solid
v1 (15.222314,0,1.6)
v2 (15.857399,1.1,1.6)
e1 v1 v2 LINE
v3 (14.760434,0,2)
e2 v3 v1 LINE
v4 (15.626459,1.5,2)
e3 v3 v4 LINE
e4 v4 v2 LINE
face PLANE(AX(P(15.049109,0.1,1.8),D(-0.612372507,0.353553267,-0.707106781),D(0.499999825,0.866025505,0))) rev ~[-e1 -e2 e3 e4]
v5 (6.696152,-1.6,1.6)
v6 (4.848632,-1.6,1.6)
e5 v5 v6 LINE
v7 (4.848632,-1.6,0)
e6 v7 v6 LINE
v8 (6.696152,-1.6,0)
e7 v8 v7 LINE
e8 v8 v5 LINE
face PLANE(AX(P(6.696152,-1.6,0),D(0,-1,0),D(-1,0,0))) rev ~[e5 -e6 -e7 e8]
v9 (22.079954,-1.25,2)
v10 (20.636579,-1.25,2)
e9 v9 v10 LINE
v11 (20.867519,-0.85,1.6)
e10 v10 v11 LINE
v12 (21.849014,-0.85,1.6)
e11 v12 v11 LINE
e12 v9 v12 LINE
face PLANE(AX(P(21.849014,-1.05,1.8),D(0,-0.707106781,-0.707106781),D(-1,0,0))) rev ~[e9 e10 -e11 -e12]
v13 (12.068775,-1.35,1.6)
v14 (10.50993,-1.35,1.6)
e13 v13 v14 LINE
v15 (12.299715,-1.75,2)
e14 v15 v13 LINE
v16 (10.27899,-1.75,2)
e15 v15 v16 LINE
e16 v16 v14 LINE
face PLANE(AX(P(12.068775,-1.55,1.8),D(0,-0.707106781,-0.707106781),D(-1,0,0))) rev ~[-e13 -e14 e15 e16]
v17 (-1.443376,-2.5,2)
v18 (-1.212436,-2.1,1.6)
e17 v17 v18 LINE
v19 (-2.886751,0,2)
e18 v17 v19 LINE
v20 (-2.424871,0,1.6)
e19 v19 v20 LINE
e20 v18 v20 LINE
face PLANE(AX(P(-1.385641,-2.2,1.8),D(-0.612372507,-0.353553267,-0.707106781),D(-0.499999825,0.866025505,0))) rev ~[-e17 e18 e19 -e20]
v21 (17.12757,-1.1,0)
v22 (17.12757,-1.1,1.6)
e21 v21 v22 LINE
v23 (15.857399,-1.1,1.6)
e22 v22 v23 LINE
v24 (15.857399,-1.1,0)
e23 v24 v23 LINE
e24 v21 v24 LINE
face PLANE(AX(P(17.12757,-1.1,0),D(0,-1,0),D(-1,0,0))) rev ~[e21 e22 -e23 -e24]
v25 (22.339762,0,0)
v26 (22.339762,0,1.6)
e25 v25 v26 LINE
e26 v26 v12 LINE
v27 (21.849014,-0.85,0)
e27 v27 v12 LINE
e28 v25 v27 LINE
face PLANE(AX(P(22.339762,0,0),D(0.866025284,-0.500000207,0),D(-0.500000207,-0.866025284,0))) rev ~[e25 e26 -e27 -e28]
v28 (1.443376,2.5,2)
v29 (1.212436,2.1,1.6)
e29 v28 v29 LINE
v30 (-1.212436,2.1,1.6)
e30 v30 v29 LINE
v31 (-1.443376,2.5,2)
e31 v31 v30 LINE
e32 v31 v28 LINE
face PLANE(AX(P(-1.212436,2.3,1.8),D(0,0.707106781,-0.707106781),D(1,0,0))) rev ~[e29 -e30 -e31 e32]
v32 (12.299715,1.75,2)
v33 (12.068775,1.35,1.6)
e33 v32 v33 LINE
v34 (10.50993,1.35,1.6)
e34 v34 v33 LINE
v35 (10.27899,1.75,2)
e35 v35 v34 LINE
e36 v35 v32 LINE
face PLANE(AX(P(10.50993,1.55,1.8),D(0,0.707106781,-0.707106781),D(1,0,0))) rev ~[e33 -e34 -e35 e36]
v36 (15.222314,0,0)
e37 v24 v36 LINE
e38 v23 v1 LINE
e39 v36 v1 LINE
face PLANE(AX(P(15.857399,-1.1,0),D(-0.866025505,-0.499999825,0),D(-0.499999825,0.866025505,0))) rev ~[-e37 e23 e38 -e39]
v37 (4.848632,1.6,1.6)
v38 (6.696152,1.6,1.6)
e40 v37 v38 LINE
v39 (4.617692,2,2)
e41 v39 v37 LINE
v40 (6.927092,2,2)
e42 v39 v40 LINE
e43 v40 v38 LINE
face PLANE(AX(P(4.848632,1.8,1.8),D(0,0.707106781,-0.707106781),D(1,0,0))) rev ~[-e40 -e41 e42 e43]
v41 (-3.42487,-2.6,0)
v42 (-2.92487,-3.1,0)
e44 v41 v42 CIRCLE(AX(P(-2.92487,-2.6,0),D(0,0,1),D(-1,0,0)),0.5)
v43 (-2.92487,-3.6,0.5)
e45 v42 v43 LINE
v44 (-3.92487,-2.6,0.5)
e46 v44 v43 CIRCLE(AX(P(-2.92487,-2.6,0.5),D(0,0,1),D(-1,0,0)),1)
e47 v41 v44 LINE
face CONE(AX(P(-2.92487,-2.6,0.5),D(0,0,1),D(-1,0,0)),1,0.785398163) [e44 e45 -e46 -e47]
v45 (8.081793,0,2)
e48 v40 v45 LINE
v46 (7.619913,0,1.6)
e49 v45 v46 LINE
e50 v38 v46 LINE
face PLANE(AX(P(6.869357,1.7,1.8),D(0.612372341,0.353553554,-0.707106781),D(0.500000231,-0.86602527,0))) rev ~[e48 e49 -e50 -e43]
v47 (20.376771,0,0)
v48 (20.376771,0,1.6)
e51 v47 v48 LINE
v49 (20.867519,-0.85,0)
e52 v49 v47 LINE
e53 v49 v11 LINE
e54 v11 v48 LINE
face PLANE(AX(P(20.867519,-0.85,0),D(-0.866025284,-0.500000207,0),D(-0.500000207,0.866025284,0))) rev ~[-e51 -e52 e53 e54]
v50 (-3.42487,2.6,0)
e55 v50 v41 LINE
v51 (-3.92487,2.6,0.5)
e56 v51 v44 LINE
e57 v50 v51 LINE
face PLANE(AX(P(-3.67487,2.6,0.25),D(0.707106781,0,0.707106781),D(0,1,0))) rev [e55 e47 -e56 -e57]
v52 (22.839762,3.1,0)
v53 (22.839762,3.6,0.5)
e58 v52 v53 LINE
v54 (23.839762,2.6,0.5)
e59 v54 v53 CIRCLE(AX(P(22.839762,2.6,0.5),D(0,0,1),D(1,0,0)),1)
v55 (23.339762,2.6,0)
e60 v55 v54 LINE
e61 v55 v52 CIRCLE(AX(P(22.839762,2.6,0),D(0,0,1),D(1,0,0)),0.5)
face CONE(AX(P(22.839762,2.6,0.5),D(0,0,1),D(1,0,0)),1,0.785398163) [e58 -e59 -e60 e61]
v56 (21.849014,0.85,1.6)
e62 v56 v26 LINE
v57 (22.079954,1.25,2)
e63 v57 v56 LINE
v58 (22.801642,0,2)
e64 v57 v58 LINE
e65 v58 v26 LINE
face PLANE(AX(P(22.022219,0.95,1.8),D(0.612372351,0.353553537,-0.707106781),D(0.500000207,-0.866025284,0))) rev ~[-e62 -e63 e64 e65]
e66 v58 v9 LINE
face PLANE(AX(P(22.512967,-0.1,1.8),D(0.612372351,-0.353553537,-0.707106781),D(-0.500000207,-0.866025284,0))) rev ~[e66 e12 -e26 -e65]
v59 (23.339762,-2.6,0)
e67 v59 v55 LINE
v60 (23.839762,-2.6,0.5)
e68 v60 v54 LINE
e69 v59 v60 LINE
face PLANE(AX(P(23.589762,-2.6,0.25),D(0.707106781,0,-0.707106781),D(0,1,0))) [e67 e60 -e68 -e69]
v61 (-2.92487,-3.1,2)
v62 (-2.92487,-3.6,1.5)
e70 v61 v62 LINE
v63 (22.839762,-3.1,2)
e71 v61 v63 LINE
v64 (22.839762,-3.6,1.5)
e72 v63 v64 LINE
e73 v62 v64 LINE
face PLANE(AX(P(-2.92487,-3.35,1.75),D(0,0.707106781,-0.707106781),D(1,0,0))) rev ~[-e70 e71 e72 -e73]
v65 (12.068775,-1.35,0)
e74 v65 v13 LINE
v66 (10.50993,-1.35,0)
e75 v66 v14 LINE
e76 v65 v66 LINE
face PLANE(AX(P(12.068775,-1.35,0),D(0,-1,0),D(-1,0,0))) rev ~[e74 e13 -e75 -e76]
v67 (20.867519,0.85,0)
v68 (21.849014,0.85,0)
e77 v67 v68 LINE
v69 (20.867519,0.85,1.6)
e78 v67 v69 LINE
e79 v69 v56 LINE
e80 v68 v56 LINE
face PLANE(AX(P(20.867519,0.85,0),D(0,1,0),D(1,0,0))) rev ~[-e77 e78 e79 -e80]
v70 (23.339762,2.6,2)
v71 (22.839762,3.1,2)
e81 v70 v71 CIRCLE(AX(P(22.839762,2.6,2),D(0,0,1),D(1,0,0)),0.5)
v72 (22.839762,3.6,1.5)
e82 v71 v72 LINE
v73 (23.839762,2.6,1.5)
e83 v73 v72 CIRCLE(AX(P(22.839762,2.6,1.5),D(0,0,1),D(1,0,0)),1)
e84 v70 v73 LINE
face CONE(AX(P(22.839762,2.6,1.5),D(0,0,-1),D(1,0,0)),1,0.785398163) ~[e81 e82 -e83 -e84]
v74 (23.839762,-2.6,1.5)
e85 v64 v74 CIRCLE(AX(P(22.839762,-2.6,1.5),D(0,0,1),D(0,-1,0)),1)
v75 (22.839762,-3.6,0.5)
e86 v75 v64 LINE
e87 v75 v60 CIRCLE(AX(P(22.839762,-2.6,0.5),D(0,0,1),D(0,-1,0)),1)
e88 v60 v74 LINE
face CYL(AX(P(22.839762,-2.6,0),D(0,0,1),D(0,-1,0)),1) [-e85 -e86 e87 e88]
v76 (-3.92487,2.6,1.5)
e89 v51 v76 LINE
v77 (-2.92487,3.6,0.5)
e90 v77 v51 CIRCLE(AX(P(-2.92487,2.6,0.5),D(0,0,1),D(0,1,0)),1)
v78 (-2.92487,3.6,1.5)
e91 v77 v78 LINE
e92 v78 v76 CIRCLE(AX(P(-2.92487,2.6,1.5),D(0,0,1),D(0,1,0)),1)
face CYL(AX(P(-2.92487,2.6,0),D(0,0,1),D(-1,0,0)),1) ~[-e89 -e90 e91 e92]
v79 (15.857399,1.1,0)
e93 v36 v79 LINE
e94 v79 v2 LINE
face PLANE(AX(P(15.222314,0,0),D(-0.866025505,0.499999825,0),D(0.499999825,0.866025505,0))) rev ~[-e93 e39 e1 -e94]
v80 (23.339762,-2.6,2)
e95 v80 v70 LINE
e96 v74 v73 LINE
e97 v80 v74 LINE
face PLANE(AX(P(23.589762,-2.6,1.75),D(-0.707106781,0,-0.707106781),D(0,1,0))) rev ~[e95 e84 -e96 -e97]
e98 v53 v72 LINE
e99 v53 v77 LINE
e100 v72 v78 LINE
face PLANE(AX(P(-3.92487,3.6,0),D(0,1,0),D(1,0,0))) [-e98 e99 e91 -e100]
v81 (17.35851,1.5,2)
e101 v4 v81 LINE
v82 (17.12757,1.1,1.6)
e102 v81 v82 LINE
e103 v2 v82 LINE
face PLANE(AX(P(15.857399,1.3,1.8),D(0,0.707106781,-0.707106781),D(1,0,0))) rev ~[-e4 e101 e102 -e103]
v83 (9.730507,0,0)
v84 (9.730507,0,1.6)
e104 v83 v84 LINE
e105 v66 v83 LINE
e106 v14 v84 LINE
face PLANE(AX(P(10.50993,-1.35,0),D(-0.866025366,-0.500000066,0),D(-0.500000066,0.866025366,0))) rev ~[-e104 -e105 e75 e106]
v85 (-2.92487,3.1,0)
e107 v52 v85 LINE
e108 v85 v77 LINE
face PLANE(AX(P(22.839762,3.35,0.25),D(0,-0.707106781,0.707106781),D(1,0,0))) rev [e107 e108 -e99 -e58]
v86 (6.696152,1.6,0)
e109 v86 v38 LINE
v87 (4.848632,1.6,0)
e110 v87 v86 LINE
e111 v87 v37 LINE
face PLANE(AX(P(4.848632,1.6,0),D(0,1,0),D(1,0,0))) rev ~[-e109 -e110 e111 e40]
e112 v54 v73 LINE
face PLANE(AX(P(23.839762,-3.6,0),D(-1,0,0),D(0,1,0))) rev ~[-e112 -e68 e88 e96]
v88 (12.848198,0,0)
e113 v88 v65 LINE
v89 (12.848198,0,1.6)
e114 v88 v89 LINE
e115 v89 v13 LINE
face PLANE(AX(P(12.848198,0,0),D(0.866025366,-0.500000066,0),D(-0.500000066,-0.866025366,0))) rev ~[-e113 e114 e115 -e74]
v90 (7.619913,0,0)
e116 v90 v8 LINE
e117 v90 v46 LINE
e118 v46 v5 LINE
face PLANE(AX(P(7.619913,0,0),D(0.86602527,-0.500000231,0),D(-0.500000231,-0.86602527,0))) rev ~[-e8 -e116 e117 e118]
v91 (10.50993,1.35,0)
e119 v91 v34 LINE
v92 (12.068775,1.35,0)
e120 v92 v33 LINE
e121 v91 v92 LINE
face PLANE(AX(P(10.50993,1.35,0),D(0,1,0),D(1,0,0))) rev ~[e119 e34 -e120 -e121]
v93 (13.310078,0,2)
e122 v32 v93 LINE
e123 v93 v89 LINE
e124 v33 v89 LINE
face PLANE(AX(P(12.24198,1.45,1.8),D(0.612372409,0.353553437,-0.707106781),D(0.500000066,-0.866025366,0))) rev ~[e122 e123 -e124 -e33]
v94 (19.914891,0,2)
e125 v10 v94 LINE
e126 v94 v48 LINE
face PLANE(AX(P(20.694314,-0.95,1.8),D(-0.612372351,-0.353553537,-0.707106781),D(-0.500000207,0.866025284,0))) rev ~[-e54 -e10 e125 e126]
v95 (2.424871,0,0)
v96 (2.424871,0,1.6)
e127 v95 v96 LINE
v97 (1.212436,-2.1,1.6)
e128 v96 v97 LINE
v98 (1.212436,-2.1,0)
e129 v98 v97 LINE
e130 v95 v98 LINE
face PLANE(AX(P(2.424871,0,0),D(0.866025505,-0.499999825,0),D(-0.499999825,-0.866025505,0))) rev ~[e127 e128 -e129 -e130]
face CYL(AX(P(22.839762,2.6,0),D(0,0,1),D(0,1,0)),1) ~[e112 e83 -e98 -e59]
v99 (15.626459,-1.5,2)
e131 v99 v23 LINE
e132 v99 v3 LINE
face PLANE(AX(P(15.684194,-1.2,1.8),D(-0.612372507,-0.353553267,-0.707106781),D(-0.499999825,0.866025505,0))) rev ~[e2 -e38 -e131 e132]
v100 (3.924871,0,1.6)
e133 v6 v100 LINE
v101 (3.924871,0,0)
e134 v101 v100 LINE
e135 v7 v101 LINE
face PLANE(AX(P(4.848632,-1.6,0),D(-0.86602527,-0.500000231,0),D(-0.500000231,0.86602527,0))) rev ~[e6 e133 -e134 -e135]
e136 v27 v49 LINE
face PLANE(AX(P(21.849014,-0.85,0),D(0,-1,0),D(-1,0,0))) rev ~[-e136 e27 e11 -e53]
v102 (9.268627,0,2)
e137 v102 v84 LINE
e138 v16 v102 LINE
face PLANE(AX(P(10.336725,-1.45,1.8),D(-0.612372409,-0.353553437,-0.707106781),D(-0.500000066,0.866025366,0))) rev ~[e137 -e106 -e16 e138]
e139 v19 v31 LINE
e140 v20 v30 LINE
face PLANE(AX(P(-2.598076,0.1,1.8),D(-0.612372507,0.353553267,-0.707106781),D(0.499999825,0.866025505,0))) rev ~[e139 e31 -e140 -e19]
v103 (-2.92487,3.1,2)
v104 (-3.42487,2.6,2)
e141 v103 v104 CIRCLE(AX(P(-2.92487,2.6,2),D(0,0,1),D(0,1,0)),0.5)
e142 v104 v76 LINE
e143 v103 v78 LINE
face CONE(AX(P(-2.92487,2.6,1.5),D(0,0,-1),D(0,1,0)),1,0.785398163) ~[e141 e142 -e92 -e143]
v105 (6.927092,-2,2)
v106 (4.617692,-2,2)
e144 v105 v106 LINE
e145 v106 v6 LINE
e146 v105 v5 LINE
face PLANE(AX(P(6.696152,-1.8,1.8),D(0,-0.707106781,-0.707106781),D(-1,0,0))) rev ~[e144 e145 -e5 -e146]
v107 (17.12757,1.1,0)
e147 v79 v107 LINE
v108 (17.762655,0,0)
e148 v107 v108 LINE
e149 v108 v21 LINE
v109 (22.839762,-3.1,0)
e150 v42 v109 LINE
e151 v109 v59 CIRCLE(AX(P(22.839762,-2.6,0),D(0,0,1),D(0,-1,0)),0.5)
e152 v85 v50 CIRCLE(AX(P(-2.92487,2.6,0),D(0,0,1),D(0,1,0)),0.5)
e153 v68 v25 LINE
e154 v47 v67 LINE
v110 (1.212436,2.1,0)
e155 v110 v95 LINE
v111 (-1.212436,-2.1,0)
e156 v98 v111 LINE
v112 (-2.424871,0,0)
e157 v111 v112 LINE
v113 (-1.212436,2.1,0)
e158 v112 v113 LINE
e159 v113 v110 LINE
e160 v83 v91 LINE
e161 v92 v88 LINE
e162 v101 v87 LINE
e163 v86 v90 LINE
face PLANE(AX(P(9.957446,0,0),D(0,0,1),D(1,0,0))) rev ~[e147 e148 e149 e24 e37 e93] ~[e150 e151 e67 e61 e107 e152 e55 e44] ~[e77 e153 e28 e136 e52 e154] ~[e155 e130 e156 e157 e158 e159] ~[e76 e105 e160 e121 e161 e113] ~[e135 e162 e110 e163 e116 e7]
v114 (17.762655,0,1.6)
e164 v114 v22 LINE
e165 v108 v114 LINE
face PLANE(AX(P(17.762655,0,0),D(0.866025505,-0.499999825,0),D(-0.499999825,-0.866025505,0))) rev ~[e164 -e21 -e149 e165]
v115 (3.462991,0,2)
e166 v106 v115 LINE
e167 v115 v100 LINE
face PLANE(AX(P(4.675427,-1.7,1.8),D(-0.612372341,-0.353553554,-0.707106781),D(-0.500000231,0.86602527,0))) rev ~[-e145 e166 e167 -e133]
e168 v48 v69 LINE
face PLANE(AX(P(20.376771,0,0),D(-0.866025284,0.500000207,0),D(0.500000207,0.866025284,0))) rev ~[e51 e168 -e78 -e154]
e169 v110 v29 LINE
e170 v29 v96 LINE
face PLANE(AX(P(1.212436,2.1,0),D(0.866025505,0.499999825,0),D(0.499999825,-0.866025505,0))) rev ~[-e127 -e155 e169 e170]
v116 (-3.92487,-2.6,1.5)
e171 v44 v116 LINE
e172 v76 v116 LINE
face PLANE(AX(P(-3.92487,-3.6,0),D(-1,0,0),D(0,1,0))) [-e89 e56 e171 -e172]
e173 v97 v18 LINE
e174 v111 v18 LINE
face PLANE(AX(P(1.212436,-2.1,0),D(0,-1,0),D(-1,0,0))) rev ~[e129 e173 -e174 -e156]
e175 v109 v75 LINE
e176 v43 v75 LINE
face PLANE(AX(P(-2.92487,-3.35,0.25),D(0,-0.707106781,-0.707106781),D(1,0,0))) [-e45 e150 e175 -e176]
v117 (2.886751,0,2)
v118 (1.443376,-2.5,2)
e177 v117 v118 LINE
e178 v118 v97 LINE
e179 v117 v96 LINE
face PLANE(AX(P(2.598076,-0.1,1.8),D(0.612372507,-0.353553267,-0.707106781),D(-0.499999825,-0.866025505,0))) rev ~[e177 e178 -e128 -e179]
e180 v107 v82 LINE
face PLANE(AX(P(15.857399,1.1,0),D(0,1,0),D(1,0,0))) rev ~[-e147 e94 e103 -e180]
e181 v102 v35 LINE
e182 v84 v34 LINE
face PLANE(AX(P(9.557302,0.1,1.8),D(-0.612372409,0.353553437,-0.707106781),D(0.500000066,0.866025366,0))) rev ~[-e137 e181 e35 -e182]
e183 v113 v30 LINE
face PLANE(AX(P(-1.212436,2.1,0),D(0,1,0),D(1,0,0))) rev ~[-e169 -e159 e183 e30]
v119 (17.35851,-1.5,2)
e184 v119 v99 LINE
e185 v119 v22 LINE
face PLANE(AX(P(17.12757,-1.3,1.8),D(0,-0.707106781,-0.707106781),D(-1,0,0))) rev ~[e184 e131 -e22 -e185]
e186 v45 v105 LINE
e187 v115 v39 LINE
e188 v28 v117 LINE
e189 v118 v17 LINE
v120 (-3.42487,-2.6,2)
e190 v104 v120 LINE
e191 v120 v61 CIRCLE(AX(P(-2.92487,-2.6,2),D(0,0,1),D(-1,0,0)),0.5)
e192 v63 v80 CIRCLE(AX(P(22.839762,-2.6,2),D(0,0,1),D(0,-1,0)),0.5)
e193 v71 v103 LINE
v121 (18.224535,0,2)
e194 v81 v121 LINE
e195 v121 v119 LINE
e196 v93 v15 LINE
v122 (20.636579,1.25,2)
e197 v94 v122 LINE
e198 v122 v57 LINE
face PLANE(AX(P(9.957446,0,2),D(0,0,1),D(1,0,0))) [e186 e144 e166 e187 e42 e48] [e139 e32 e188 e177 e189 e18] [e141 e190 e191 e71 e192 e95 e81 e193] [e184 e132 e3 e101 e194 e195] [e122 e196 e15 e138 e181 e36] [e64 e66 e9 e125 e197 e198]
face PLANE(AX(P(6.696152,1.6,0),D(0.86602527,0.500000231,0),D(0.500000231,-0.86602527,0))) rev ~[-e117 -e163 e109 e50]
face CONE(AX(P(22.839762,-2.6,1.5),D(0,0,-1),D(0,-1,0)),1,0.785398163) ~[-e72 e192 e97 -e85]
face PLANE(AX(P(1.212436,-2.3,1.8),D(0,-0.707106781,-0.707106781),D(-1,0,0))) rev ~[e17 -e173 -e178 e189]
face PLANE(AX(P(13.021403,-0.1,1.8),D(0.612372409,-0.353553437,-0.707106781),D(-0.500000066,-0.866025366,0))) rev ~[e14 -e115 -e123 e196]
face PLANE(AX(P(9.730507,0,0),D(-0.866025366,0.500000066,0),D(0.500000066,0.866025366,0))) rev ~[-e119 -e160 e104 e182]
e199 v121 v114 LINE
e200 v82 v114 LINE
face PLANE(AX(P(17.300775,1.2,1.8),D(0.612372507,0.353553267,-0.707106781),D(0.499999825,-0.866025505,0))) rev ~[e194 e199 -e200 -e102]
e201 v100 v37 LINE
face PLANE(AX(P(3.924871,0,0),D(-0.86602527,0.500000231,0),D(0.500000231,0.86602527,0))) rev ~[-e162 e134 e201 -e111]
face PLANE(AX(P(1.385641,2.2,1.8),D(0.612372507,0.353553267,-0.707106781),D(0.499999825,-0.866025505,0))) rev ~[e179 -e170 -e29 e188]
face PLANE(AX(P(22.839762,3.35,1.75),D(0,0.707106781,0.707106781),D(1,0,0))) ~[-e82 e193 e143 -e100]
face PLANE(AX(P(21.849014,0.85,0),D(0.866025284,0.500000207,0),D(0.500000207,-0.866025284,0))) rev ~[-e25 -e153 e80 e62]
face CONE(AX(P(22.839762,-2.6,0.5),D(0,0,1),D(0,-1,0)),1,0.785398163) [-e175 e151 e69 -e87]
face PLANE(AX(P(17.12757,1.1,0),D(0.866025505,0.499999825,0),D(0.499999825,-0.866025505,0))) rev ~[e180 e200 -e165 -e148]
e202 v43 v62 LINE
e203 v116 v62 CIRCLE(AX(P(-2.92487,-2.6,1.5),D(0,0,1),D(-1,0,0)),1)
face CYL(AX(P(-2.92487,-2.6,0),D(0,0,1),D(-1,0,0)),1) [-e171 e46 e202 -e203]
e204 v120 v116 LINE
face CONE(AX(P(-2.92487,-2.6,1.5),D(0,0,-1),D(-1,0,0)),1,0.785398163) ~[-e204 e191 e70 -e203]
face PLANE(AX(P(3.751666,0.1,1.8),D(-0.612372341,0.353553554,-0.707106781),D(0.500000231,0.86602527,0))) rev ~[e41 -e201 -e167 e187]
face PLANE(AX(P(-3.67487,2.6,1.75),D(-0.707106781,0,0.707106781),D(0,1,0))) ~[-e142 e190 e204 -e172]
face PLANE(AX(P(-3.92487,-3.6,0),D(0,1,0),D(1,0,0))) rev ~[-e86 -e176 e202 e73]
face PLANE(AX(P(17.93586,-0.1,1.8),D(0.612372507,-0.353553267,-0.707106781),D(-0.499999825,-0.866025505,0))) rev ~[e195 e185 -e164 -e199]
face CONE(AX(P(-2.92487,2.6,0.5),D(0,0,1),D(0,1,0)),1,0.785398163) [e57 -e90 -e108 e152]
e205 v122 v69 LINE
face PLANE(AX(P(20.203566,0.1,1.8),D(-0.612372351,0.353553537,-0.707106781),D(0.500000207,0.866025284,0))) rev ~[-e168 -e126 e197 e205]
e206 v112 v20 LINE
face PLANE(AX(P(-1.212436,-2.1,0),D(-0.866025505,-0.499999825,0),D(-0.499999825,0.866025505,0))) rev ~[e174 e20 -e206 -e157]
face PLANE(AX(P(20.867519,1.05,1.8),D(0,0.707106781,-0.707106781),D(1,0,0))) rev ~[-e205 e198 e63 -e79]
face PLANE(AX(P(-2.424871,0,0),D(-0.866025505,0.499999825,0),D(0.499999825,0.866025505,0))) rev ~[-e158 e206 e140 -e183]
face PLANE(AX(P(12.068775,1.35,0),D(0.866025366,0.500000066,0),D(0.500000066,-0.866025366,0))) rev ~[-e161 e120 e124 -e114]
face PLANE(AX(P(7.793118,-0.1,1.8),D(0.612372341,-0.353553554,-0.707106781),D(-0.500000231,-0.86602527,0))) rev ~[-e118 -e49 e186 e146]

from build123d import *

# Parameters (mm, degrees)
F0_W     = 27.764633
F0_H     = 7.2
F1_DEPTH = 2
F2_R     = 1
F3_SIZE  = 0.5
F4_SIZE  = 0.4


with BuildPart() as f1:
    # F0 (on Top) → F1 (new body)
    with BuildSketch(Plane.XY):
        with Locations((9.957446, 0)):
            Rectangle(F0_W, F0_H)
        Polygon((2.424871, 0), (1.212436, -2.1), (-1.212436, -2.1), (-2.424871, 0), (-1.212436, 2.1), (1.212436, 2.1), align=None, mode=Mode.SUBTRACT)
        Polygon((7.619913, 0), (6.696152, -1.6), (4.848632, -1.6), (3.924871, 0), (4.848632, 1.6), (6.696152, 1.6), align=None, mode=Mode.SUBTRACT)
        Polygon((12.848198, 0), (12.068775, -1.35), (10.50993, -1.35), (9.730507, 0), (10.50993, 1.35), (12.068775, 1.35), align=None, mode=Mode.SUBTRACT)
        Polygon((17.762655, 0), (17.12757, -1.1), (15.857399, -1.1), (15.222314, 0), (15.857399, 1.1), (17.12757, 1.1), align=None, mode=Mode.SUBTRACT)
        Polygon((22.339762, 0), (21.849014, -0.85), (20.867519, -0.85), (20.376771, 0), (20.867519, 0.85), (21.849014, 0.85), align=None, mode=Mode.SUBTRACT)
    extrude(amount=F1_DEPTH)

    # F2
    f2_edges = [f1.edges().sort_by_distance(p)[0] for p in [
        (-3.924871, -3.6, 1),
        (23.839762, -3.6, 1),
        (23.839762, 3.6, 1),
        (-3.924871, 3.6, 1),
    ]]
    fillet(f2_edges, radius=F2_R)

    # F3
    f3_edges = [f1.edges().sort_by_distance(p)[0] for p in [
        (9.957445, -3.6, 0),
        (9.957445, -3.6, 2),
    ]]
    chamfer(f3_edges, length=F3_SIZE)

    # F4
    f4_edges = [f1.edges().sort_by_distance(p)[0] for p in [
        (-1.818653, -1.05, 2),
        (-1.818653, 1.05, 2),
        (0, 2.1, 2),
        (1.818653, 1.05, 2),
        (1.818653, -1.05, 2),
        (0, -2.1, 2),
        (4.386751, -0.8, 2),
        (4.386751, 0.8, 2),
        (5.772392, 1.6, 2),
        (7.158033, 0.8, 2),
        (7.158033, -0.8, 2),
        (5.772392, -1.6, 2),
        (11.289353, -1.35, 2),
        (10.120218, -0.675, 2),
        (10.120218, 0.675, 2),
        (11.289353, 1.35, 2),
        (12.458487, 0.675, 2),
        (12.458487, -0.675, 2),
        (15.539857, -0.55, 2),
        (15.539857, 0.55, 2),
        (16.492485, 1.1, 2),
        (17.445113, 0.55, 2),
        (17.445113, -0.55, 2),
        (16.492485, -1.1, 2),
        (21.358266, -0.85, 2),
        (20.622145, -0.425, 2),
        (20.622145, 0.425, 2),
        (21.358266, 0.85, 2),
        (22.094388, 0.425, 2),
        (22.094388, -0.425, 2),
    ]]
    chamfer(f4_edges, length=F4_SIZE)


solid = f1.part
